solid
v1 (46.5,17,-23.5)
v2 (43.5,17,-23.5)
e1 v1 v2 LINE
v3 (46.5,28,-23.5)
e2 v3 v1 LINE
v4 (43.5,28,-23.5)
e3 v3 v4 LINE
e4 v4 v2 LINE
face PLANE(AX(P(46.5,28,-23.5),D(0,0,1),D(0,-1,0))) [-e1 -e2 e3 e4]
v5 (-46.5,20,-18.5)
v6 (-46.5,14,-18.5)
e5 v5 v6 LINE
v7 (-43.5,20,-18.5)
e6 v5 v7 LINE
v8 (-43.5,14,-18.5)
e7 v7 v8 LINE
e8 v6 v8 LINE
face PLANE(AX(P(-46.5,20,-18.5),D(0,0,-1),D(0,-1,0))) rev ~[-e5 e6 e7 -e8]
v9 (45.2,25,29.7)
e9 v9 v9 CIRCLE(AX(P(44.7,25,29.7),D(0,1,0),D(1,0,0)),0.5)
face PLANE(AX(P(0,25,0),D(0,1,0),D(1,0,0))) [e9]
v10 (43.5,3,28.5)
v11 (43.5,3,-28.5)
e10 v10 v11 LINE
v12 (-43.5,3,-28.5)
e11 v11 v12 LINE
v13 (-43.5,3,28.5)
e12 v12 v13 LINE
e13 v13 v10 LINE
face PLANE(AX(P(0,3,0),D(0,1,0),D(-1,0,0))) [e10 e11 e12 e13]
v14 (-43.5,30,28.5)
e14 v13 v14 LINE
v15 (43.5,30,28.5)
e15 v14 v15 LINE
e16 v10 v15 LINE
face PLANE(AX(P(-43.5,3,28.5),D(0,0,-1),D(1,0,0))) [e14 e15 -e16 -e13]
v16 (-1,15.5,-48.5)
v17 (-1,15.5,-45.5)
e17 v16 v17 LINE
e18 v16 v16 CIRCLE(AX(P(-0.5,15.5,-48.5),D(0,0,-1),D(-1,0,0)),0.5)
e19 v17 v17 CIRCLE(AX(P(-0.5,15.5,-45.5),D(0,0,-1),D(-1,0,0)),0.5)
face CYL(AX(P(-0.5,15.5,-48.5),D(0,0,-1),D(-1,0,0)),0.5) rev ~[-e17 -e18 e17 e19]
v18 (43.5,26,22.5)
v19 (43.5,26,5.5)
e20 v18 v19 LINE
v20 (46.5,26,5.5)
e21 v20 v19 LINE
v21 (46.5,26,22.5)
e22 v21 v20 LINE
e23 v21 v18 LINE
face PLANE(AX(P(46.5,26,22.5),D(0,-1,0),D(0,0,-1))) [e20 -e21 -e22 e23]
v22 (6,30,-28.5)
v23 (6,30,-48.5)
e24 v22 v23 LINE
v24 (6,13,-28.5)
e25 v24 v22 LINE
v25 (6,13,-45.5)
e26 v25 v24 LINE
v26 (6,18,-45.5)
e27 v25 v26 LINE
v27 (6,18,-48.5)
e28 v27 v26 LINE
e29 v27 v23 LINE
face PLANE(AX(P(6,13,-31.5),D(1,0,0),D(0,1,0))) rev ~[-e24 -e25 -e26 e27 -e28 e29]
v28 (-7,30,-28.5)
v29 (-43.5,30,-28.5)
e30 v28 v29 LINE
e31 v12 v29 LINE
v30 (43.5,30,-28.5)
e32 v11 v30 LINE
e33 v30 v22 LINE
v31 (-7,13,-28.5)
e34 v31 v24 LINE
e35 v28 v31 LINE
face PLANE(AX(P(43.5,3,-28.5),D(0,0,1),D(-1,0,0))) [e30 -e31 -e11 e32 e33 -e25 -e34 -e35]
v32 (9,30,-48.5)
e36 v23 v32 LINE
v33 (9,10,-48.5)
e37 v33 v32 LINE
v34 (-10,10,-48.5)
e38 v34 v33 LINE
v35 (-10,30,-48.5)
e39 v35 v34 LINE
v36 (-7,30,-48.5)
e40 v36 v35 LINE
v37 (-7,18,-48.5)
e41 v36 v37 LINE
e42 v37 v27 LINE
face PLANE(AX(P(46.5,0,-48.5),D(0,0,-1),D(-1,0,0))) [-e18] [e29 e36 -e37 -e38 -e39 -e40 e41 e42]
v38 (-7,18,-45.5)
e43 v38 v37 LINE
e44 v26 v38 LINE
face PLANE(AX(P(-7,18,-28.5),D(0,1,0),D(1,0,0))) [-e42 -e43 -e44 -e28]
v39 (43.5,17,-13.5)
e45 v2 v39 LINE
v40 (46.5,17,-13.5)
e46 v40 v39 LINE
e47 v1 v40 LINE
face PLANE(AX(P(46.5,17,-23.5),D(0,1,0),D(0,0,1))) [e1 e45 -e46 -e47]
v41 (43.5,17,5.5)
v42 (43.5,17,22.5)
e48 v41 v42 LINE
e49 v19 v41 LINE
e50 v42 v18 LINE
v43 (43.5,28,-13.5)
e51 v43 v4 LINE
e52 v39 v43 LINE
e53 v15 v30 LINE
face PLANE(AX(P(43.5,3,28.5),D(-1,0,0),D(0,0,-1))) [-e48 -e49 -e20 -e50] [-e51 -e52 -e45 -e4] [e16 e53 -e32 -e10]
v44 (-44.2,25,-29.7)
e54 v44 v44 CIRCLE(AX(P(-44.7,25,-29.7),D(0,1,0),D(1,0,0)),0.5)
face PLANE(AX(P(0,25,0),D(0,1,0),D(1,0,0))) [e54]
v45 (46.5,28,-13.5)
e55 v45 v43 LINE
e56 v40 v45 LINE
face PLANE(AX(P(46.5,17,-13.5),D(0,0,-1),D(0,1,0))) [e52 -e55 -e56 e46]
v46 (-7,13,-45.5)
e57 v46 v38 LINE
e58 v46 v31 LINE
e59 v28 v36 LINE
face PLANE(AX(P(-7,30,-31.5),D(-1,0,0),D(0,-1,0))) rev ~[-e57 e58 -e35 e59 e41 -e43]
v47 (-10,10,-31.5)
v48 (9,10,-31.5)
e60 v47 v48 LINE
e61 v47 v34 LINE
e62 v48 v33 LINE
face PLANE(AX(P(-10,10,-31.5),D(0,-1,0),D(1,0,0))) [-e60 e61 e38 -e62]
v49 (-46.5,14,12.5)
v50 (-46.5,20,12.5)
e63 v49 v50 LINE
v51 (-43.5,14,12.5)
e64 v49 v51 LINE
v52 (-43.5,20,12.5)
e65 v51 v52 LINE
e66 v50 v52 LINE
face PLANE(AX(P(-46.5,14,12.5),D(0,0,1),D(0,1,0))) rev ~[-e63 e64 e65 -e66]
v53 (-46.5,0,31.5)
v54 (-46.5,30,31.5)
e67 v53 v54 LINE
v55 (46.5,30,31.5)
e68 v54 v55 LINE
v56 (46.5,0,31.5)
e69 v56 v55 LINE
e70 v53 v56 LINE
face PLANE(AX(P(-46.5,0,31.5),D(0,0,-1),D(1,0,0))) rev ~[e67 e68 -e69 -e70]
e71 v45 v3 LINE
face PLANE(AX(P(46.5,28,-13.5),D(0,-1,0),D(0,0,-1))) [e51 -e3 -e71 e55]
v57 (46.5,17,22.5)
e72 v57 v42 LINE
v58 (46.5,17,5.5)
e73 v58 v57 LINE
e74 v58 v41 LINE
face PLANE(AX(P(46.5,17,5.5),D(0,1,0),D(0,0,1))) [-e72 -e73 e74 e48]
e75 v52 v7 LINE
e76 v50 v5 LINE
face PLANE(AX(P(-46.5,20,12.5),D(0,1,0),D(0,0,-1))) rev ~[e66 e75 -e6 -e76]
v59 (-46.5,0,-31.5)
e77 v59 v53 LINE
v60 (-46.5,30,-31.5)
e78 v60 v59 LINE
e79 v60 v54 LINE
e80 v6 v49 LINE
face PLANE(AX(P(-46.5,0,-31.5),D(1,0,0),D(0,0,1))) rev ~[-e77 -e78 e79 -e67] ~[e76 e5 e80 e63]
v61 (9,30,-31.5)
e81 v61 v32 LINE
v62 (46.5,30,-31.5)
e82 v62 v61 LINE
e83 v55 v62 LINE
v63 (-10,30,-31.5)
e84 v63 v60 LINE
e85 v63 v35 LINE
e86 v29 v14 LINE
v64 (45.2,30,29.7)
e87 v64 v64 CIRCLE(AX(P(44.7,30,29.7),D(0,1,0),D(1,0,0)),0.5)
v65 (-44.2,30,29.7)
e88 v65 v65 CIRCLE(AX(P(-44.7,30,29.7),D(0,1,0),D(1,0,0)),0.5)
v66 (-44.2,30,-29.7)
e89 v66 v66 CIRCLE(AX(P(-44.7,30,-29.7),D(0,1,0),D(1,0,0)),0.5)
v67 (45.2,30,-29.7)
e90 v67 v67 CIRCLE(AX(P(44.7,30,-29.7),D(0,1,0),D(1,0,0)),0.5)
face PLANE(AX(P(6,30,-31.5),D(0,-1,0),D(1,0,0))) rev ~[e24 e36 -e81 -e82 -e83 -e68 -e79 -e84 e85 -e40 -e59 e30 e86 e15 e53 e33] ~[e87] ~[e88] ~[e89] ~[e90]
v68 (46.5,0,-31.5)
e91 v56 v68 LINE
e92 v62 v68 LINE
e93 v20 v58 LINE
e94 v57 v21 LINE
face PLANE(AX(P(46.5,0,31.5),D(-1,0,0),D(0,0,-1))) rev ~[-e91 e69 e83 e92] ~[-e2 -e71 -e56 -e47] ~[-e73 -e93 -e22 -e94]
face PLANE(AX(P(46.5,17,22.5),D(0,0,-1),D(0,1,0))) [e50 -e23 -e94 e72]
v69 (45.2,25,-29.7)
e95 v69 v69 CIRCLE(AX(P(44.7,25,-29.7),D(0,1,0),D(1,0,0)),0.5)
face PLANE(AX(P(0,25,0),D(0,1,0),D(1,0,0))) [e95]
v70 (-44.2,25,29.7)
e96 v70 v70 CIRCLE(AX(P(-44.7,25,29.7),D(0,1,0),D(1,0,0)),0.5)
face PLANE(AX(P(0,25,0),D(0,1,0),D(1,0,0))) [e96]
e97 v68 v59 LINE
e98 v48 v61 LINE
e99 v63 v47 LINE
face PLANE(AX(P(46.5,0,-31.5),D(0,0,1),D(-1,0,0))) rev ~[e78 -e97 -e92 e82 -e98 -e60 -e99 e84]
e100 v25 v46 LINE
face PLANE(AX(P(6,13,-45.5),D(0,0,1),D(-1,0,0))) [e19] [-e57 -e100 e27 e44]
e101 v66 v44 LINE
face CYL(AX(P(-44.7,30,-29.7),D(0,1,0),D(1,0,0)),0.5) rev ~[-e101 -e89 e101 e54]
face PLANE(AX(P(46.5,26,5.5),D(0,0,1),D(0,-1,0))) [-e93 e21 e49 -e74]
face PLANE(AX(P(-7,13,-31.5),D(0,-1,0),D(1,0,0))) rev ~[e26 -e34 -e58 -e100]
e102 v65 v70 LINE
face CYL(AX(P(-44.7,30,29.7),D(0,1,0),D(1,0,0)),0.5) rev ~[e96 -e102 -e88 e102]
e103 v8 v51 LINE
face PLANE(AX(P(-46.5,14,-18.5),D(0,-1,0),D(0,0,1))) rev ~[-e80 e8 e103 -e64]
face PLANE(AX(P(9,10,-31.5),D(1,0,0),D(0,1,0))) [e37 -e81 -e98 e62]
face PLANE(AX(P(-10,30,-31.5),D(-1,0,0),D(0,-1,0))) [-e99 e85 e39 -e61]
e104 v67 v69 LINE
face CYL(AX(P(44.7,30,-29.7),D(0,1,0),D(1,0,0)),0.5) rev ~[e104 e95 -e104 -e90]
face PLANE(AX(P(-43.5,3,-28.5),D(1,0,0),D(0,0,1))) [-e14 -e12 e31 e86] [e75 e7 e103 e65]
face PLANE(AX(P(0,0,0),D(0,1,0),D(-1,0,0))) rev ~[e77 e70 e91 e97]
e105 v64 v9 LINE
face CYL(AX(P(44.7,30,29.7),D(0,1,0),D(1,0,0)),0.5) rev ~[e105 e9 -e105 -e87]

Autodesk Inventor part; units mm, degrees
ref_plane "YZ Plane" through (0, 0, 0) normal (1, 0, 0) x (0, 1, 0)
ref_plane "XZ Plane" through (0, 0, 0) normal (0, 1, 0) x (-1, 0, 0)
ref_plane "XY Plane" through (0, 0, 0) normal (0, 0, 1) x (1, 0, 0)
sketch "Sketch1" plane through (0, 0, 0) normal (0, 1, 0) x (-1, 0, 0)
  line L0 (46.5, 31.5) -> (-46.5, 31.5)
  line L1 (-46.5, 31.5) -> (-46.5, -31.5)
  line L2 (-46.5, -31.5) -> (46.5, -31.5)
  line L3 (46.5, -31.5) -> (46.5, 31.5)
  line L4 (46.5, 31.5) -> (-46.5, -31.5) construction
  line L5 (-46.5, 31.5) -> (46.5, -31.5) construction
  point P0 (0, 0)
  dimension "d0" = 63
  dimension "d1" = 93
extrude "Extrusion1" add sketch "Sketch1" along normal blind 3
sketch "Sketch2" plane through (0, 3, 0) normal (0, 1, 0) x (1, 0, 0)
  line L0 (-43.5, -28.5) -> (43.5, -28.5)
  line L1 (43.5, -28.5) -> (43.5, 28.5)
  line L2 (43.5, 28.5) -> (-43.5, 28.5)
  line L3 (-43.5, 28.5) -> (-43.5, -28.5)
  line L4 (-43.5, -28.5) -> (43.5, 28.5) construction
  line L5 (43.5, -28.5) -> (-43.5, 28.5) construction
  line L6 (46.5, -31.5) -> (46.5, 31.5) projected
  line L7 (-46.5, -31.5) -> (46.5, -31.5)
  line L8 (46.5, -31.5) -> (46.5, 31.5)
  line L9 (46.5, 31.5) -> (-46.5, 31.5)
  line L10 (-46.5, 31.5) -> (-46.5, -31.5)
  line L11 (-46.5, -31.5) -> (46.5, 31.5) construction
  line L12 (46.5, -31.5) -> (-46.5, 31.5) construction
  point P0 (0, 0)
  point P1 (46.5, -31.5)
  dimension "d4" = 57
  dimension "d5" = 87
extrude "Extrusion2" add sketch "Sketch2" along normal blind 27
sketch "Sketch3" plane through (0, 30, 0) normal (0, 1, 0) x (1, 0, 0)
  circle A0 centre (-44.7, 29.7) radius 0.5
  line L0 (46.5, 31.5) -> (-46.5, 31.5) projected
  line L1 (-46.5, 31.5) -> (-46.5, -31.5) projected
  circle A1 centre (-44.7, -29.7) radius 0.5
  line L2 (-46.5, -31.5) -> (46.5, -31.5) projected
  circle A2 centre (44.7, -29.7) radius 0.5
  line L3 (46.5, -31.5) -> (46.5, 31.5) projected
  circle A3 centre (44.7, 29.7) radius 0.5
  point P0 (0, 0)
  dimension "d8" = 1.8
  dimension "d9" = 1.8
  dimension "d10" = 1
  dimension "d11" = 1.8
  dimension "d12" = 1.8
  dimension "d13" = 1
  dimension "d14" = 1.8
  dimension "d15" = 1.8
  dimension "d16" = 1
  dimension "d17" = 1.8
  dimension "d18" = 1.8
  dimension "d19" = 1
extrude "Extrusion3" cut sketch "Sketch3" against normal blind 5 contours A0 | A1 | A2 | A3
sketch "Sketch5" plane through (-46.5, 0, -31.5) normal (-1, 0, 0) x (0, 0, 1)
  line L0 (13, 14) -> (44, 14)
  line L1 (44, 14) -> (44, 20)
  line L2 (44, 20) -> (13, 20)
  line L3 (13, 20) -> (13, 14)
  line L4 (0, 0) -> (63, 0) projected
  line L5 (0, 0) -> (0, 30) projected
  point P0 (31.5, 0)
  dimension "d23" = 14
  dimension "d24" = 6
  dimension "d25" = 31
  dimension "d26" = 13
extrude "Extrusion4" cut sketch "Sketch5" against normal blind 3
sketch "Sketch6" plane through (46.5, 0, 31.5) normal (1, 0, 0) x (0, 0, -1)
  line L0 (45, 28) -> (55, 28)
  line L1 (55, 28) -> (55, 17)
  line L2 (55, 17) -> (45, 17)
  line L3 (45, 17) -> (45, 28)
  line L4 (0, 0) -> (63, 0) projected
  line L5 (63, 0) -> (63, 30) projected
  line L6 (9, 26) -> (26, 26)
  line L7 (26, 26) -> (26, 17)
  line L8 (26, 17) -> (9, 17)
  line L9 (9, 17) -> (9, 26)
  line L10 (0, 0) -> (0, 30) projected
  point P0 (31.5, 0)
  dimension "d30" = 17
  dimension "d31" = 11
  dimension "d32" = 10
  dimension "d33" = 8
  dimension "d34" = 9
  dimension "d35" = 17
  dimension "d36" = 17
  dimension "d37" = 9
extrude "Extrusion5" cut sketch "Sketch6" against normal blind 3
sketch "Sketch7" plane through (46.5, 0, -31.5) normal (0, 0, -1) x (-1, 0, 0)
  line L0 (40.5, 41) -> (53.5, 41)
  line L1 (53.5, 41) -> (53.5, 13)
  line L2 (53.5, 13) -> (40.5, 13)
  line L3 (40.5, 13) -> (40.5, 41)
  line L4 (0, 0) -> (93, 0) projected
  line L5 (93, 0) -> (93, 30) projected
  point P0 (46.5, 0)
  dimension "d40" = 13
  dimension "d41" = 28
  dimension "d42" = 13
  dimension "d43" = 39.5
extrude "Extrusion6" cut sketch "Sketch7" against normal blind 3
sketch "Sketch8" plane through (46.5, 0, -31.5) normal (0, 0, -1) x (-1, 0, 0)
  line L0 (40.5, 30) -> (3, 30) projected
  line L1 (37.5, 30) -> (56.5, 30)
  line L2 (56.5, 30) -> (56.5, 10)
  line L3 (56.5, 10) -> (37.5, 10)
  line L4 (37.5, 10) -> (37.5, 30)
  line L5 (40.5, 13) -> (40.5, 30) projected
  line L6 (53.5, 30) -> (53.5, 13) projected
  line L7 (53.5, 13) -> (40.5, 13) projected
  point P0 (46.5, 0)
  dimension "d46" = 3
  dimension "d47" = 3
  dimension "d48" = 3
extrude "Extrusion7" add sketch "Sketch8" along normal blind 17 contours L5 L7 L6 L1 L2 L3 L4 L0
sketch "Sketch9" plane through (-7, 13, -28.5) normal (0, 1, 0) x (1, 0, 0)
  line L0 (13, 20) -> (13, 0) projected
  line L1 (0, 0) -> (0, 20) projected
  line L2 (13, 17) -> (0, 17)
  line L3 (0, 17) -> (0, 20)
  line L4 (0, 20) -> (13, 20)
  line L5 (13, 20) -> (13, 17)
  point P0 (7, -28.5)
  point P1 (0, 17)
  dimension "d51" = 3
extrude "Extrusion8" add sketch "Sketch9" along normal blind 5
sketch "Sketch10" plane through (46.5, 0, -48.5) normal (0, 0, -1) x (-1, 0, 0)
  circle A0 centre (47, 15.5) radius 0.5
  line L0 (40.5, 13) -> (53.5, 13) projected
  line L1 (40.5, 18) -> (40.5, 13) projected
  point P0 (46.5, 0)
  dimension "d54" = 2.5
  dimension "d55" = 6.5
  dimension "d56" = 1
extrude "Extrusion9" cut sketch "Sketch10" against normal blind 5
properties part number "remoteswitchbox"
